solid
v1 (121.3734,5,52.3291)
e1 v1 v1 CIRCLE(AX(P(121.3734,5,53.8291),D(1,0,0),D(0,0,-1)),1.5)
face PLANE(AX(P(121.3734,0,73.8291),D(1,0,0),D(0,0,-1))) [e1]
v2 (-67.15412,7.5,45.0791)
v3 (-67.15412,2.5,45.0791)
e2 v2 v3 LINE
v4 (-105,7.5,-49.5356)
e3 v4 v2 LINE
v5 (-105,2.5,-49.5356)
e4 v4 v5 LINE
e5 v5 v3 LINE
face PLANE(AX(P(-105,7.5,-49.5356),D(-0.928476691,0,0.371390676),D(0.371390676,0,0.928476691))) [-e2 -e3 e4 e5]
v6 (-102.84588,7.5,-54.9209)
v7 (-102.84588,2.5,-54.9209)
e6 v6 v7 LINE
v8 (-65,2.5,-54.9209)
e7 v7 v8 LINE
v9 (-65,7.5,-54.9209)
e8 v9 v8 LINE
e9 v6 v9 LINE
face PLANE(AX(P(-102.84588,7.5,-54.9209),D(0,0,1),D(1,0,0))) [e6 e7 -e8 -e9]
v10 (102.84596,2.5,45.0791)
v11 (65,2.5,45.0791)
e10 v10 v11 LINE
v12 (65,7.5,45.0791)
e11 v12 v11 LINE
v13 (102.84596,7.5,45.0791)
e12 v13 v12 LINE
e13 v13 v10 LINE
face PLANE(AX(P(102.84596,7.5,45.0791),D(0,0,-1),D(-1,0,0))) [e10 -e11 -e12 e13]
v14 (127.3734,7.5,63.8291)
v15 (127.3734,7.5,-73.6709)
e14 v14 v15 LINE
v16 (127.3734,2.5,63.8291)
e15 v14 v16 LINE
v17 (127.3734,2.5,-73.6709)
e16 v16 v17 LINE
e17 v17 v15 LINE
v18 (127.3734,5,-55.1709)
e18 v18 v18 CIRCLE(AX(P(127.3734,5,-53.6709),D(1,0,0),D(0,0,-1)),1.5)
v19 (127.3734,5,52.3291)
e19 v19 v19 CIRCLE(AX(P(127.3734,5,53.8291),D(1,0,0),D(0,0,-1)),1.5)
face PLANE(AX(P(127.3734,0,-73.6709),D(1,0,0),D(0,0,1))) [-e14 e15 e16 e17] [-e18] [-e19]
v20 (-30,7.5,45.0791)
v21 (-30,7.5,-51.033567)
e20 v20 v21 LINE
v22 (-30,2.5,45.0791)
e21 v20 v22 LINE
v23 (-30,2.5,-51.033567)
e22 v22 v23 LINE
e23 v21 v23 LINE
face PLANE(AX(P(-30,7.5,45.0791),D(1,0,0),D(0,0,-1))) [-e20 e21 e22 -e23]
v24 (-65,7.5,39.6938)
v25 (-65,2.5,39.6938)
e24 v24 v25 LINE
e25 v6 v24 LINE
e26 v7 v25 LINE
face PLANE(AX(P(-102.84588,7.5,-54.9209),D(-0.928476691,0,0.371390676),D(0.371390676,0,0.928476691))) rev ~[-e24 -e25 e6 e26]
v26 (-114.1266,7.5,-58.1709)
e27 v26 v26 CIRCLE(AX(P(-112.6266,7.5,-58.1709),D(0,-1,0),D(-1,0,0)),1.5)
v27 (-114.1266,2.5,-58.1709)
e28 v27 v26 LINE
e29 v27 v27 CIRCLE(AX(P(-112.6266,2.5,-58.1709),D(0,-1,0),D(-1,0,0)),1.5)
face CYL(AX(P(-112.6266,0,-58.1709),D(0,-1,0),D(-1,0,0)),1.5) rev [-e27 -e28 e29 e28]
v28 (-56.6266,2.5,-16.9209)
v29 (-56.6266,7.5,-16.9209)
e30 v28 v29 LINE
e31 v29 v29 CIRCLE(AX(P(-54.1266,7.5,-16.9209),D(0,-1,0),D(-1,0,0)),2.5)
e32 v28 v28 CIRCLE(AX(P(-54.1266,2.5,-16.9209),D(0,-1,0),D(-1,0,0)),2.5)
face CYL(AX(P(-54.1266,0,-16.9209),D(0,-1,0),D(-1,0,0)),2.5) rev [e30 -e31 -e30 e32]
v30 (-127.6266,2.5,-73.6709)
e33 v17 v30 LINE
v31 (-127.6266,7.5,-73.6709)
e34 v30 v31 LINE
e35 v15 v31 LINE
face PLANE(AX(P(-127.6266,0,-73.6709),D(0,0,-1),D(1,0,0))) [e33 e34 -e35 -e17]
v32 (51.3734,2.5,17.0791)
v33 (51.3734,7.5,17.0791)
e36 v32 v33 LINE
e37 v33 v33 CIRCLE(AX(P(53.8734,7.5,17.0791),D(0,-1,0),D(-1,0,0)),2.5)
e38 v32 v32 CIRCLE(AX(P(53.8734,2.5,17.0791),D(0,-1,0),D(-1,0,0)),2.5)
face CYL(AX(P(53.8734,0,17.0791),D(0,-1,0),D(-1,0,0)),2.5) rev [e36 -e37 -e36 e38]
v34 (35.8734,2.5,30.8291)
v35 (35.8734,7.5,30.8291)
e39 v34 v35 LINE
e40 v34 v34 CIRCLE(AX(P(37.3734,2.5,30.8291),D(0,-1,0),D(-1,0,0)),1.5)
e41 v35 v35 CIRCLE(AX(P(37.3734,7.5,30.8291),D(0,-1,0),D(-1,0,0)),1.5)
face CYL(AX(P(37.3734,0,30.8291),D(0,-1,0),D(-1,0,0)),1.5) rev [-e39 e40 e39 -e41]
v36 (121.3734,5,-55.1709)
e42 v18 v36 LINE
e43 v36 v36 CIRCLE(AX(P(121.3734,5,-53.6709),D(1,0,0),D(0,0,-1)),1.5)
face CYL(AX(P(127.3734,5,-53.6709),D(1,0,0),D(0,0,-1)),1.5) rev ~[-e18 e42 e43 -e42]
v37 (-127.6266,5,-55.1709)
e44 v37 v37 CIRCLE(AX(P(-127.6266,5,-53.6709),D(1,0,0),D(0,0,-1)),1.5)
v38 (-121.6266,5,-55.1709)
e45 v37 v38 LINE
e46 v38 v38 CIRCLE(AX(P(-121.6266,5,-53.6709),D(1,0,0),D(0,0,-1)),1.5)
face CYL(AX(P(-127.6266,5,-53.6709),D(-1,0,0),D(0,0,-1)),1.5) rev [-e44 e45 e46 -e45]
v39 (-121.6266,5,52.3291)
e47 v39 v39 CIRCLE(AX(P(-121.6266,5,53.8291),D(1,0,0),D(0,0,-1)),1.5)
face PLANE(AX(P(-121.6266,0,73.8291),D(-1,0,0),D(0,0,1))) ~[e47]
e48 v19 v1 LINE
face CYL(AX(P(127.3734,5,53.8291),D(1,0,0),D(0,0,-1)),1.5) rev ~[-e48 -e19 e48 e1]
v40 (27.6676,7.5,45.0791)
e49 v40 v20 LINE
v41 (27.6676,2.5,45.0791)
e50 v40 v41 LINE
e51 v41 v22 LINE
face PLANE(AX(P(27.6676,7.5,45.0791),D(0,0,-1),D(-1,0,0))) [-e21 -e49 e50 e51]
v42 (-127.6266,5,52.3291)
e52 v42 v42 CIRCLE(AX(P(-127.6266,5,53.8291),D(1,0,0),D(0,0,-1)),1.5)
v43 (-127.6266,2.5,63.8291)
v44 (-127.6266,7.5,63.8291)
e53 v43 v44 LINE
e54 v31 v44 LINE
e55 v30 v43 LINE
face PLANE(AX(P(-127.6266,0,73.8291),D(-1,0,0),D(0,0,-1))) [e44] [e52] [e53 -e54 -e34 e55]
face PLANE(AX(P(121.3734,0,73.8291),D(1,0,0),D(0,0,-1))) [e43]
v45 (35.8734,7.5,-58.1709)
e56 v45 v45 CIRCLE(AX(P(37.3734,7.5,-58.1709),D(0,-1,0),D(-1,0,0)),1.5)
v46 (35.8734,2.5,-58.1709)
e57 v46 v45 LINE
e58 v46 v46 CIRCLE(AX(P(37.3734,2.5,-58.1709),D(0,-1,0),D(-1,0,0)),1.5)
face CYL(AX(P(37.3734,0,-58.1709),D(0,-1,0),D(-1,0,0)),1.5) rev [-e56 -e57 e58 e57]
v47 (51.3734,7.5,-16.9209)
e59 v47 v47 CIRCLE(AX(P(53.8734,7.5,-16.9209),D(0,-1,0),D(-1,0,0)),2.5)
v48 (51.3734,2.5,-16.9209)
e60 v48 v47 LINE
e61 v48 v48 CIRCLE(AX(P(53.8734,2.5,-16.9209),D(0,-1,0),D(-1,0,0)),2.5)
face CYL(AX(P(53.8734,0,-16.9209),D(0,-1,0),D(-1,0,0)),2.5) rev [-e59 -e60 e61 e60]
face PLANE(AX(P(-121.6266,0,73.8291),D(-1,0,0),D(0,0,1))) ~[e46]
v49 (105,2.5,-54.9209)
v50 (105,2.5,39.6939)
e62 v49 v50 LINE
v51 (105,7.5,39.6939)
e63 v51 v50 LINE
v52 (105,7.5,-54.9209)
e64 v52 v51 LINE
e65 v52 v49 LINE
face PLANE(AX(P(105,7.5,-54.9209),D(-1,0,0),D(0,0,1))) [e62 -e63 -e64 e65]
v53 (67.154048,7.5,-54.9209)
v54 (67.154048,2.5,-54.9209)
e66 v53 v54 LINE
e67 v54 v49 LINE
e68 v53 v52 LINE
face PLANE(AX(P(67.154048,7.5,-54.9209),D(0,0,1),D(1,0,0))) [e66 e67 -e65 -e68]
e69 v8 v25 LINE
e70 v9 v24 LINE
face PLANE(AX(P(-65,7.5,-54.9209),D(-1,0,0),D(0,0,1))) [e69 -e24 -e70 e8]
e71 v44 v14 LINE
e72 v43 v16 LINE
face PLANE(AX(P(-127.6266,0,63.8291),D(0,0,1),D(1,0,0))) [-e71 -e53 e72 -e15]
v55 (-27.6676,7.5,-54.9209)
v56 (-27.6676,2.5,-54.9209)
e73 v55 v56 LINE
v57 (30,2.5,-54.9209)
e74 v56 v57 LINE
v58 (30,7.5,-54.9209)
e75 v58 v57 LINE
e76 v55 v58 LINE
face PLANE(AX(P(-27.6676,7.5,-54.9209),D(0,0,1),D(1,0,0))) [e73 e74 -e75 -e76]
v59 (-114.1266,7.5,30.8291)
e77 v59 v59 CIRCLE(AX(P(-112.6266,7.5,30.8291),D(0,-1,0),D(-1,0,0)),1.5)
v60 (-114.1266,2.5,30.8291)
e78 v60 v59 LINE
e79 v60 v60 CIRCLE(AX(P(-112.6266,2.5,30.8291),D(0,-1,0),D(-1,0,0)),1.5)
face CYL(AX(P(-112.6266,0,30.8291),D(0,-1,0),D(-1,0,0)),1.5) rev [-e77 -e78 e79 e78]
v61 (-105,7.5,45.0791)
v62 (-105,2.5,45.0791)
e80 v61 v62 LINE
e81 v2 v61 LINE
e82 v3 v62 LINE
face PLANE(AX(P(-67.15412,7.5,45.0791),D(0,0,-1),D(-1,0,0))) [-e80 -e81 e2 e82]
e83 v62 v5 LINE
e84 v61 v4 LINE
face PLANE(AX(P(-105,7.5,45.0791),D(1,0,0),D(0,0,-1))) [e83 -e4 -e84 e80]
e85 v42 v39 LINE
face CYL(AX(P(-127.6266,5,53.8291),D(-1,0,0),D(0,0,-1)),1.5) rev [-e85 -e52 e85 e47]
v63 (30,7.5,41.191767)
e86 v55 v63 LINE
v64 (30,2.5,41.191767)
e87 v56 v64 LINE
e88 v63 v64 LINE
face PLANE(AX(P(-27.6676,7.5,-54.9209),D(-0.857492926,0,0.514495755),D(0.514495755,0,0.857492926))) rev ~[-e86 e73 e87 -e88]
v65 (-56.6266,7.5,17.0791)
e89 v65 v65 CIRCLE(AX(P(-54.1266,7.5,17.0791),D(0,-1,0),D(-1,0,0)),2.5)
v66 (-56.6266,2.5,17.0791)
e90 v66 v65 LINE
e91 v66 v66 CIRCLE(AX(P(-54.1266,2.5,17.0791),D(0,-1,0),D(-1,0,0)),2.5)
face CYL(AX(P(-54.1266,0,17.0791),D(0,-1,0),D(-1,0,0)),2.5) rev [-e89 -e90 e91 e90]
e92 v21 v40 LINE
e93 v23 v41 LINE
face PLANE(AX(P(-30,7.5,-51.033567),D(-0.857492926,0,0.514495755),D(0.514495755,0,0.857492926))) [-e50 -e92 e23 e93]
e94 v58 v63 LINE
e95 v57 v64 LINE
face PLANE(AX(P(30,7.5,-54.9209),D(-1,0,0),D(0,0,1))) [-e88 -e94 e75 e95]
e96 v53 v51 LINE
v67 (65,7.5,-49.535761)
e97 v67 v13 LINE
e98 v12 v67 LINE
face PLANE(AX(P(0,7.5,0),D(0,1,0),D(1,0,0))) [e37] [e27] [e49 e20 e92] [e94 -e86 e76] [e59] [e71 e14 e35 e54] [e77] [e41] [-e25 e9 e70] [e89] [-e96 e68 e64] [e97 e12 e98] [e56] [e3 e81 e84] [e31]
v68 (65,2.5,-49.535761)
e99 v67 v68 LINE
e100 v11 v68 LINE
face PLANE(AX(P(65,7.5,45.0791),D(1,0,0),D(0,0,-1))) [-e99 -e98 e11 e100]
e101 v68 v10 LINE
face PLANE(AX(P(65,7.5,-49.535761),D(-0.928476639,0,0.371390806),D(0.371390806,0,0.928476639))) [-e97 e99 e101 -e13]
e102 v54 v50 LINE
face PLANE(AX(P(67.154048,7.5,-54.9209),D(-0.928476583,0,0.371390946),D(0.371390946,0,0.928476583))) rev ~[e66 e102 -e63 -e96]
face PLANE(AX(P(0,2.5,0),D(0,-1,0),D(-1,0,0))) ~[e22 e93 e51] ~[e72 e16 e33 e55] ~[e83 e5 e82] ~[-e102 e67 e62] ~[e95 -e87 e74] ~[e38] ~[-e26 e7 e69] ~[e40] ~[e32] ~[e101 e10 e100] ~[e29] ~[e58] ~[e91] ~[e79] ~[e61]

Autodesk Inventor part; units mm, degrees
ref_plane "YZ Plane" through (0, 0, 0) normal (1, 0, 0) x (0, 1, 0)
ref_plane "XZ Plane" through (0, 0, 0) normal (0, 1, 0) x (-1, 0, 0)
ref_plane "XY Plane" through (0, 0, 0) normal (0, 0, 1) x (1, 0, 0)
sketch "Sketch1" plane through (0, 0, 0) normal (0, 1, 0) x (-1, 0, 0)
  circle A0 centre (-37.3734, -58.1709) radius 1.5
  circle A1 centre (112.6266, 30.8291) radius 1.5
  circle A2 centre (-37.3734, 30.8291) radius 1.5
  circle A3 centre (112.6266, -58.1709) radius 1.5
  circle A4 centre (54.1266, -16.9209) radius 2.5
  circle A5 centre (-53.8734, 17.0791) radius 2.5
  circle A6 centre (54.1266, 17.0791) radius 2.5
  circle A7 centre (-53.8734, -16.9209) radius 2.5
  line L0 (-127.3734, 73.8291) -> (127.6266, 73.8291)
  line L1 (-127.3734, -73.6709) -> (-127.3734, 73.8291)
  line L2 (127.6266, -73.6709) -> (-127.3734, -73.6709)
  line L3 (127.6266, 73.8291) -> (127.6266, -73.6709)
  point P0 (0, 0)
  point P1 (0.1266, 73.8291)
extrude "Extrusion1" add sketch "Sketch1" along normal blind 10
sketch "Sketch2" plane through (127.3734, 0, 73.8291) normal (1, 0, 0) x (0, 0, -1)
  line L0 (147.5, 0) -> (147.5, 10) projected
  line L1 (0, 0) -> (0, 10) projected
  circle A0 centre (127.5, 5) radius 1.5
  circle A1 centre (20, 5) radius 1.5
  point P0 (73.8291, 0)
  point P1 (0, 5)
  dimension "d2" = 20
  dimension "d3" = 20
  dimension "d4" = 3
  dimension "d5" = 3
extrude "Extrusion2" cut sketch "Sketch2" against normal blind 6
ref_plane "Work Plane1" through (-0.1266, 0, 73.8291) normal (1, 0, 0) x (0, 0, -1)
mirror "Mirror1" about plane through (-0.1266, 0, 73.8291) normal (1, 0, 0) of "Extrusion2"
sketch "Sketch3" plane through (-127.6266, 0, 73.8291) normal (0, 0, 1) x (1, 0, 0)
  line L0 (255, 10) -> (0, 10) projected
  line L1 (255, 0) -> (0, 0)
  line L2 (0, 0) -> (0, 10)
  line L3 (0, 10) -> (255, 10)
  line L4 (255, 10) -> (255, 0)
  point P0 (127.6266, 0)
extrude "Extrusion3" cut sketch "Sketch3" against normal blind 10
sketch "Sketch4" plane through (0, 10, 0) normal (0, 1, 0) x (1, 0, 0)
  line L0 (127.3734, -63.8291) -> (127.3734, 73.6709) projected
  line L1 (-127.6266, -63.8291) -> (127.3734, -63.8291)
  line L2 (127.3734, -63.8291) -> (127.3734, 73.6709)
  line L3 (127.3734, 73.6709) -> (-127.6266, 73.6709)
  line L4 (-127.6266, 73.6709) -> (-127.6266, -63.8291)
  point P0 (0, 0)
ref_plane "Work Plane2" through (0, 5, 0) normal (0, 1, 0) x (1, 0, 0)
extrude "Extrusion4" cut sketch "Sketch4" against normal blind 2.5
mirror "Mirror2" about plane through (0, 5, 0) normal (0, 1, 0) of "Extrusion4"
sketch "Sketch6" plane through (0, 7.5, 0) normal (0, 1, 0) x (1, 0, 0)
  circle A0 centre (37.3734, 58.1709) radius 1.5 projected
  circle A1 centre (-112.6266, -30.8291) radius 1.5 projected
  circle A2 centre (37.3734, -30.8291) radius 1.5 projected
  circle A3 centre (-112.6266, 58.1709) radius 1.5 projected
  circle A4 centre (-54.1266, 16.9209) radius 2.5 projected
  circle A5 centre (53.8734, -17.0791) radius 2.5 projected
  circle A6 centre (-54.1266, -17.0791) radius 2.5 projected
  circle A7 centre (53.8734, 16.9209) radius 2.5 projected
  line L0 (127.3734, 73.6709) -> (127.3734, -63.8291) projected
  line L1 (-127.6266, 73.6709) -> (127.3734, 73.6709) projected
  line L2 (-127.6266, -63.8291) -> (-127.6266, 73.6709) projected
  line L3 (127.3734, -63.8291) -> (-127.6266, -63.8291) projected
  line L4 (-30, 54.9209) -> (30, 54.9209)
  line L5 (30, 54.9209) -> (30, -45.0791)
  line L6 (30, -45.0791) -> (-30, -45.0791)
  line L7 (-30, -45.0791) -> (-30, 54.9209)
  line L8 (-105, 54.9209) -> (-65, 54.9209)
  line L9 (-65, 54.9209) -> (-65, -45.0791)
  line L10 (-65, -45.0791) -> (-105, -45.0791)
  line L11 (-105, -45.0791) -> (-105, 54.9209)
  line L12 (65, 54.9209) -> (105, 54.9209)
  line L13 (105, 54.9209) -> (105, -45.0791)
  line L14 (105, -45.0791) -> (65, -45.0791)
  line L15 (65, -45.0791) -> (65, 54.9209)
  line L16 (-65, 4.9209) -> (-30, 4.9209) construction
  line L17 (30, 4.9209) -> (65, 4.9209) construction
  line L18 (0, 0) -> (0, 54.9209) construction
  line L19 (0, 54.9209) -> (-0.1266, 73.6709) construction
  line L20 (0, -45.0791) -> (-0.1266, -63.8291) construction
  line L21 (-105, 54.9209) -> (-65, -45.0791) construction
  line L22 (-103.143, 55.6637) -> (-63.143, -44.3363)
  line L23 (-106.857, 54.1781) -> (-66.857, -45.8219)
  line L24 (-30, 54.9209) -> (30, -45.0791)
  line L25 (-31.715, 53.8919) -> (28.285, -46.1081)
  line L26 (-28.285, 55.9499) -> (31.715, -44.0501)
  line L27 (65, 54.9209) -> (105, -45.0791) construction
  line L28 (57.4212, 79.253) -> (105, -39.6939)
  line L29 (53.7073, 77.7675) -> (103.2874, -46.1827)
  point P0 (67.1541, 54.9209)
  point P1 (102.8459, -45.0791)
  point P2 (65, 49.5357)
  point P3 (-27.6676, 54.9209)
  point P4 (30, -41.1918)
  point P5 (27.6676, -45.0791)
  point P6 (-30, 51.0336)
  point P7 (-102.8459, 54.9209)
  point P8 (-65, -39.6939)
  point P9 (-67.1541, -45.0791)
  point P10 (-105, 49.5357)
  dimension "d12" = 60
  dimension "d13" = 100
  dimension "d14" = 40
  dimension "d15" = 35
  dimension "d16" = 2
  dimension "d17" = 2
  dimension "d18" = 2
  dimension "d19" = 2
  dimension "d20" = 2
  dimension "d21" = 2
extrude "Extrusion5" cut sketch "Sketch6" against normal through all contours L12 L13 L28 | L29 L14 L15 | L4 L5 L26 | L25 L6 L7 | L8 L9 L22 | L23 L10 L11
ref_plane "Work Plane3" through (0, 5, 0) normal (0, 1, 0) x (1, 0, 0)
equation "\"d17\" = d16"
equation "\"d18\" = d16"
equation "\"d19\" = d16"
equation "\"d20\" = d16"
equation "\"d21\" = d20"
properties part number "midplate_3DPrint"
